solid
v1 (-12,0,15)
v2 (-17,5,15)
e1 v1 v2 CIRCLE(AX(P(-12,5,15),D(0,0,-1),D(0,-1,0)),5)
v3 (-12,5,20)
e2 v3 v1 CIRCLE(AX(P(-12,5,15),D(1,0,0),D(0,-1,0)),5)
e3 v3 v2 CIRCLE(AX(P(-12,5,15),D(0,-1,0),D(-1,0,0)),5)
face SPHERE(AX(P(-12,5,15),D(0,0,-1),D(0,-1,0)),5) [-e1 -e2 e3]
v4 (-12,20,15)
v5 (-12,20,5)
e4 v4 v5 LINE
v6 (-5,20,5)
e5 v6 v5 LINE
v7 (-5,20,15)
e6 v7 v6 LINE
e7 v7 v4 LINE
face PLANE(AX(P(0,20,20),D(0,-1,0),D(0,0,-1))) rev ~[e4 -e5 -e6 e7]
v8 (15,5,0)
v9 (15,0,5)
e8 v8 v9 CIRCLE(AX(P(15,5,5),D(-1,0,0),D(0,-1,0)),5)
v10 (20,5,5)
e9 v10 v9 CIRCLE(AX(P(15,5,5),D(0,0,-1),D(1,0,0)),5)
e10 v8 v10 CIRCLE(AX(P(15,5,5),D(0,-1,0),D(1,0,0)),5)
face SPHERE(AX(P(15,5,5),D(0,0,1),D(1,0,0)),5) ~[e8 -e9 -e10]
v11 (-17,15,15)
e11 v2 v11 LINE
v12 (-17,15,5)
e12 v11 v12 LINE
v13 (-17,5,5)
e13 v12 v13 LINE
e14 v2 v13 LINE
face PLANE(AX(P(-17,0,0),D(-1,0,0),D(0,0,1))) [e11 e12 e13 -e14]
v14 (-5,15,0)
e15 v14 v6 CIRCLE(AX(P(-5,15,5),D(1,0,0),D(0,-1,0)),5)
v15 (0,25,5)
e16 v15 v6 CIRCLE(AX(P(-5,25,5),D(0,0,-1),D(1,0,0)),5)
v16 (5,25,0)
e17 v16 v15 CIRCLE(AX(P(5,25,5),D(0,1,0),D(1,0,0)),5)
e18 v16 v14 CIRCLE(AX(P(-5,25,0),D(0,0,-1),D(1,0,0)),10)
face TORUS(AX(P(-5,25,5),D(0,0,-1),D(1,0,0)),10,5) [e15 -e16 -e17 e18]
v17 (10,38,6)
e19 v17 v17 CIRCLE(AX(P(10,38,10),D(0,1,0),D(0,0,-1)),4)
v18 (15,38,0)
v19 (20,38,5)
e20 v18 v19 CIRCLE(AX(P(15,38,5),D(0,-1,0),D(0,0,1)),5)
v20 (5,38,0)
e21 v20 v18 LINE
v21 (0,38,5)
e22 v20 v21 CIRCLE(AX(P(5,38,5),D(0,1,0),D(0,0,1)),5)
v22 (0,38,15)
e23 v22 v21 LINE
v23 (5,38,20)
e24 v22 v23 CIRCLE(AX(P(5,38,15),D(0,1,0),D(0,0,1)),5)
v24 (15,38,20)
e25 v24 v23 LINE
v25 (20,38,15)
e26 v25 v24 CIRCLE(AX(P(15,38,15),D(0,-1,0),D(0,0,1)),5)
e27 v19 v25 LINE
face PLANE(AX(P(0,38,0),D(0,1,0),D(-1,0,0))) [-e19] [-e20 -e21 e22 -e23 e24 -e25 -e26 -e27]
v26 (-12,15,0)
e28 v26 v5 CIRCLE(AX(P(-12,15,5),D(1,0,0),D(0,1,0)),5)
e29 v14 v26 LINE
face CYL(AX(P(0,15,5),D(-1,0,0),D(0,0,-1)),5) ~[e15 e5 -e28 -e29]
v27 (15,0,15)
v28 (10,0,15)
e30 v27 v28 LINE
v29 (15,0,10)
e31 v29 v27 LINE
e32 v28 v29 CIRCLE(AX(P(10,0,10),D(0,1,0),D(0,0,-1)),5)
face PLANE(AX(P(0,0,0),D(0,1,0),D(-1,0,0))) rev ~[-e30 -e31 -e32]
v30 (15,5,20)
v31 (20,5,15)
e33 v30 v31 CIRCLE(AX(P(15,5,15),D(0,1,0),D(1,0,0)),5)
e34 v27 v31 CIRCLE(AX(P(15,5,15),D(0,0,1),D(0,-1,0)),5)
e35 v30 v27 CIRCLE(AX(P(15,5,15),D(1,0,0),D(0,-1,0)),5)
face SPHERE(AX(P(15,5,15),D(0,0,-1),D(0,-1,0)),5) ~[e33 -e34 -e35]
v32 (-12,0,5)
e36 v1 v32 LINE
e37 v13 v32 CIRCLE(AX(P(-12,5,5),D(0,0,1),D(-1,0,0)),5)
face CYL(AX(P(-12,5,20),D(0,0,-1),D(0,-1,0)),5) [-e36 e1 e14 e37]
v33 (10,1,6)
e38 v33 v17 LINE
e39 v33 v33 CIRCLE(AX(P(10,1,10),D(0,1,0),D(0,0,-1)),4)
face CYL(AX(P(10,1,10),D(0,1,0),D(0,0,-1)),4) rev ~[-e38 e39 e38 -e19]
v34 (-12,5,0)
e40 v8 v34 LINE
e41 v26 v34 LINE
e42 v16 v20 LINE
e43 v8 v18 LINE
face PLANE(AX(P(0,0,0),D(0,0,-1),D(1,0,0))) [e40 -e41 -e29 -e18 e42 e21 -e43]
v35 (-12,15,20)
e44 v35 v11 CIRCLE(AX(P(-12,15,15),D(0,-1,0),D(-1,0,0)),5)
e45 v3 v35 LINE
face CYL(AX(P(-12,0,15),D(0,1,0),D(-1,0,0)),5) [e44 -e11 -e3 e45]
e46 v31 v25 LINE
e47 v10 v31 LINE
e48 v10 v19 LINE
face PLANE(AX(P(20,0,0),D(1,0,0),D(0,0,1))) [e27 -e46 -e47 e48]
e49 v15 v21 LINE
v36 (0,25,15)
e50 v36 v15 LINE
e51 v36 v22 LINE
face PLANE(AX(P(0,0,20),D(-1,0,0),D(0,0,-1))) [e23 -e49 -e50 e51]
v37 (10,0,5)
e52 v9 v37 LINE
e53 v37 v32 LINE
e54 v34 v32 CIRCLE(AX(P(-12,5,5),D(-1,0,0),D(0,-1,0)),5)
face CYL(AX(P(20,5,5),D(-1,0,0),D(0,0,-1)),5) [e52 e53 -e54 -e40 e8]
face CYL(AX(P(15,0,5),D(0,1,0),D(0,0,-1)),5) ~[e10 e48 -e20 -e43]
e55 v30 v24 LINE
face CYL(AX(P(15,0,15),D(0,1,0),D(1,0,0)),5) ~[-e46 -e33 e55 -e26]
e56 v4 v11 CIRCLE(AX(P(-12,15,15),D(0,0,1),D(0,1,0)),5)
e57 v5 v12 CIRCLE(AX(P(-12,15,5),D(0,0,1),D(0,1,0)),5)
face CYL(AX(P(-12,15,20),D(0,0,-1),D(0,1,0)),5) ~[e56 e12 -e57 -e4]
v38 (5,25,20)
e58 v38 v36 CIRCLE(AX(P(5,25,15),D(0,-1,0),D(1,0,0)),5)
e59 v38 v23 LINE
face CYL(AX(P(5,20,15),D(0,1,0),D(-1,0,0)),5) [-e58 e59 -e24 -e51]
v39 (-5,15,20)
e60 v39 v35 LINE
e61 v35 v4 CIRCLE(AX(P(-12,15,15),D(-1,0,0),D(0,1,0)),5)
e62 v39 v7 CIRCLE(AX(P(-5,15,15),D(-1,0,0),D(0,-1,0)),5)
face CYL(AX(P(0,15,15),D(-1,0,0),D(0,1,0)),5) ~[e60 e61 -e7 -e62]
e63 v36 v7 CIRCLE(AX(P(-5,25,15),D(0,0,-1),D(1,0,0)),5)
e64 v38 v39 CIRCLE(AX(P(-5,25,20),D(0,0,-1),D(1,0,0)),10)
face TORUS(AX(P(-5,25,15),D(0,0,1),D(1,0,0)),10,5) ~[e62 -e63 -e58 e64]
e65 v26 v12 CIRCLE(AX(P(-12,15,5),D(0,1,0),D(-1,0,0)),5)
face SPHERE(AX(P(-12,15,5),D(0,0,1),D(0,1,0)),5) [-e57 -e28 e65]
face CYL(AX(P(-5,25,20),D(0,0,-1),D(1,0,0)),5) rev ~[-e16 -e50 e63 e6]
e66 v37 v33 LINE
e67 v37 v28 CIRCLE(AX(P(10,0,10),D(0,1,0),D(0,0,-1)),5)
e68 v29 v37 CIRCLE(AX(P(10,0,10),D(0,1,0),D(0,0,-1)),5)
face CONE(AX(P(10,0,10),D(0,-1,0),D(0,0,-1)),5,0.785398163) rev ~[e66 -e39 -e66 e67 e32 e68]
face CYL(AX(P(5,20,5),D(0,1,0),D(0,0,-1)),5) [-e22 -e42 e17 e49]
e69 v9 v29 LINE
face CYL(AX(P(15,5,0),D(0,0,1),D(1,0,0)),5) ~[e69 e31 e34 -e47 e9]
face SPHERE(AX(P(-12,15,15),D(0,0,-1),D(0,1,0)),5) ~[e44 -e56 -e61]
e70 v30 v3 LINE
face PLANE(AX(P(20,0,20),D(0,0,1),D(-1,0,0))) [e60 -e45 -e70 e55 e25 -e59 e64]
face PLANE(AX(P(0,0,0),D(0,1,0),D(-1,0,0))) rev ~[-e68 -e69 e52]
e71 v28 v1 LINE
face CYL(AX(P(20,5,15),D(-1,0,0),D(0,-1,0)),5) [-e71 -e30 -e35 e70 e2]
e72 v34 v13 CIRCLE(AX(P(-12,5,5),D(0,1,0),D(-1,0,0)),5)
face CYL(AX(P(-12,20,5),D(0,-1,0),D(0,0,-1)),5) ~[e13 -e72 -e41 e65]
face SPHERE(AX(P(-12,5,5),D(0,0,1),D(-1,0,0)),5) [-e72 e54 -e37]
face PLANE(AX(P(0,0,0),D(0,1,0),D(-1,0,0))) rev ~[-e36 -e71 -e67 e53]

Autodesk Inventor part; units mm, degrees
ref_plane "YZ Plane" through (0, 0, 0) normal (1, 0, 0) x (0, 1, 0)
ref_plane "XZ Plane" through (0, 0, 0) normal (0, 1, 0) x (-1, 0, 0)
ref_plane "XY Plane" through (0, 0, 0) normal (0, 0, 1) x (1, 0, 0)
sketch "Skizze2" plane through (0, 0, 0) normal (0, 1, 0) x (-1, 0, 0)
  line L0 (0, 0) -> (-20, 0)
  line L1 (-20, 0) -> (-20, 20)
  line L2 (-20, 20) -> (0, 20)
  line L3 (0, 20) -> (0, 0)
  dimension "d4" = 20
  dimension "d5" = 20
extrude "Extrusion2" add sketch "Skizze2" along normal blind 38
sketch "Skizze4" plane through (0, 0, 0) normal (-1, 0, 0) x (0, 0, 1)
  line L0 (20, 0) -> (0, 0) projected
  line L1 (0, 0) -> (20, 0)
  line L2 (20, 0) -> (20, 20)
  line L3 (20, 20) -> (0, 20)
  line L4 (0, 20) -> (0, 0)
  dimension "d8" = 20
  dimension "d9" = 20
extrude "Extrusion3" add sketch "Skizze4" along normal blind 17
fillet "Rundung1" radius 5 14 edges at (0, 20, 10) (-17, 20, 10) (-17, 0, 10) (20, 0, 10) (1.5, 0, 20) (20, 19, 20) (20, 19, 0) (0, 29, 20) (0, 29, 0) (-8.5, 20, 20) (-8.5, 20, 0) (-17, 10, 20) (-17, 10, 0) (1.5, 0, 0)
sketch "Skizze5" plane through (0, 0, 0) normal (0, -1, 0) x (1, 0, 0)
  line L0 (0, 5) -> (0, 15) projected
  line L1 (0, 10) -> (0, 20)
  line L2 (0, 10) -> (10, 10)
  point P0 (0, 0)
  dimension "d13" = 10
  dimension "d14" = 10
hole "Bohrung1" at (10, 0, 10) direction (0, 1, 0) diameter 8 end through all countersink diameter 10 countersink angle 90
properties part number "Stoper" material "PVC, hart"
